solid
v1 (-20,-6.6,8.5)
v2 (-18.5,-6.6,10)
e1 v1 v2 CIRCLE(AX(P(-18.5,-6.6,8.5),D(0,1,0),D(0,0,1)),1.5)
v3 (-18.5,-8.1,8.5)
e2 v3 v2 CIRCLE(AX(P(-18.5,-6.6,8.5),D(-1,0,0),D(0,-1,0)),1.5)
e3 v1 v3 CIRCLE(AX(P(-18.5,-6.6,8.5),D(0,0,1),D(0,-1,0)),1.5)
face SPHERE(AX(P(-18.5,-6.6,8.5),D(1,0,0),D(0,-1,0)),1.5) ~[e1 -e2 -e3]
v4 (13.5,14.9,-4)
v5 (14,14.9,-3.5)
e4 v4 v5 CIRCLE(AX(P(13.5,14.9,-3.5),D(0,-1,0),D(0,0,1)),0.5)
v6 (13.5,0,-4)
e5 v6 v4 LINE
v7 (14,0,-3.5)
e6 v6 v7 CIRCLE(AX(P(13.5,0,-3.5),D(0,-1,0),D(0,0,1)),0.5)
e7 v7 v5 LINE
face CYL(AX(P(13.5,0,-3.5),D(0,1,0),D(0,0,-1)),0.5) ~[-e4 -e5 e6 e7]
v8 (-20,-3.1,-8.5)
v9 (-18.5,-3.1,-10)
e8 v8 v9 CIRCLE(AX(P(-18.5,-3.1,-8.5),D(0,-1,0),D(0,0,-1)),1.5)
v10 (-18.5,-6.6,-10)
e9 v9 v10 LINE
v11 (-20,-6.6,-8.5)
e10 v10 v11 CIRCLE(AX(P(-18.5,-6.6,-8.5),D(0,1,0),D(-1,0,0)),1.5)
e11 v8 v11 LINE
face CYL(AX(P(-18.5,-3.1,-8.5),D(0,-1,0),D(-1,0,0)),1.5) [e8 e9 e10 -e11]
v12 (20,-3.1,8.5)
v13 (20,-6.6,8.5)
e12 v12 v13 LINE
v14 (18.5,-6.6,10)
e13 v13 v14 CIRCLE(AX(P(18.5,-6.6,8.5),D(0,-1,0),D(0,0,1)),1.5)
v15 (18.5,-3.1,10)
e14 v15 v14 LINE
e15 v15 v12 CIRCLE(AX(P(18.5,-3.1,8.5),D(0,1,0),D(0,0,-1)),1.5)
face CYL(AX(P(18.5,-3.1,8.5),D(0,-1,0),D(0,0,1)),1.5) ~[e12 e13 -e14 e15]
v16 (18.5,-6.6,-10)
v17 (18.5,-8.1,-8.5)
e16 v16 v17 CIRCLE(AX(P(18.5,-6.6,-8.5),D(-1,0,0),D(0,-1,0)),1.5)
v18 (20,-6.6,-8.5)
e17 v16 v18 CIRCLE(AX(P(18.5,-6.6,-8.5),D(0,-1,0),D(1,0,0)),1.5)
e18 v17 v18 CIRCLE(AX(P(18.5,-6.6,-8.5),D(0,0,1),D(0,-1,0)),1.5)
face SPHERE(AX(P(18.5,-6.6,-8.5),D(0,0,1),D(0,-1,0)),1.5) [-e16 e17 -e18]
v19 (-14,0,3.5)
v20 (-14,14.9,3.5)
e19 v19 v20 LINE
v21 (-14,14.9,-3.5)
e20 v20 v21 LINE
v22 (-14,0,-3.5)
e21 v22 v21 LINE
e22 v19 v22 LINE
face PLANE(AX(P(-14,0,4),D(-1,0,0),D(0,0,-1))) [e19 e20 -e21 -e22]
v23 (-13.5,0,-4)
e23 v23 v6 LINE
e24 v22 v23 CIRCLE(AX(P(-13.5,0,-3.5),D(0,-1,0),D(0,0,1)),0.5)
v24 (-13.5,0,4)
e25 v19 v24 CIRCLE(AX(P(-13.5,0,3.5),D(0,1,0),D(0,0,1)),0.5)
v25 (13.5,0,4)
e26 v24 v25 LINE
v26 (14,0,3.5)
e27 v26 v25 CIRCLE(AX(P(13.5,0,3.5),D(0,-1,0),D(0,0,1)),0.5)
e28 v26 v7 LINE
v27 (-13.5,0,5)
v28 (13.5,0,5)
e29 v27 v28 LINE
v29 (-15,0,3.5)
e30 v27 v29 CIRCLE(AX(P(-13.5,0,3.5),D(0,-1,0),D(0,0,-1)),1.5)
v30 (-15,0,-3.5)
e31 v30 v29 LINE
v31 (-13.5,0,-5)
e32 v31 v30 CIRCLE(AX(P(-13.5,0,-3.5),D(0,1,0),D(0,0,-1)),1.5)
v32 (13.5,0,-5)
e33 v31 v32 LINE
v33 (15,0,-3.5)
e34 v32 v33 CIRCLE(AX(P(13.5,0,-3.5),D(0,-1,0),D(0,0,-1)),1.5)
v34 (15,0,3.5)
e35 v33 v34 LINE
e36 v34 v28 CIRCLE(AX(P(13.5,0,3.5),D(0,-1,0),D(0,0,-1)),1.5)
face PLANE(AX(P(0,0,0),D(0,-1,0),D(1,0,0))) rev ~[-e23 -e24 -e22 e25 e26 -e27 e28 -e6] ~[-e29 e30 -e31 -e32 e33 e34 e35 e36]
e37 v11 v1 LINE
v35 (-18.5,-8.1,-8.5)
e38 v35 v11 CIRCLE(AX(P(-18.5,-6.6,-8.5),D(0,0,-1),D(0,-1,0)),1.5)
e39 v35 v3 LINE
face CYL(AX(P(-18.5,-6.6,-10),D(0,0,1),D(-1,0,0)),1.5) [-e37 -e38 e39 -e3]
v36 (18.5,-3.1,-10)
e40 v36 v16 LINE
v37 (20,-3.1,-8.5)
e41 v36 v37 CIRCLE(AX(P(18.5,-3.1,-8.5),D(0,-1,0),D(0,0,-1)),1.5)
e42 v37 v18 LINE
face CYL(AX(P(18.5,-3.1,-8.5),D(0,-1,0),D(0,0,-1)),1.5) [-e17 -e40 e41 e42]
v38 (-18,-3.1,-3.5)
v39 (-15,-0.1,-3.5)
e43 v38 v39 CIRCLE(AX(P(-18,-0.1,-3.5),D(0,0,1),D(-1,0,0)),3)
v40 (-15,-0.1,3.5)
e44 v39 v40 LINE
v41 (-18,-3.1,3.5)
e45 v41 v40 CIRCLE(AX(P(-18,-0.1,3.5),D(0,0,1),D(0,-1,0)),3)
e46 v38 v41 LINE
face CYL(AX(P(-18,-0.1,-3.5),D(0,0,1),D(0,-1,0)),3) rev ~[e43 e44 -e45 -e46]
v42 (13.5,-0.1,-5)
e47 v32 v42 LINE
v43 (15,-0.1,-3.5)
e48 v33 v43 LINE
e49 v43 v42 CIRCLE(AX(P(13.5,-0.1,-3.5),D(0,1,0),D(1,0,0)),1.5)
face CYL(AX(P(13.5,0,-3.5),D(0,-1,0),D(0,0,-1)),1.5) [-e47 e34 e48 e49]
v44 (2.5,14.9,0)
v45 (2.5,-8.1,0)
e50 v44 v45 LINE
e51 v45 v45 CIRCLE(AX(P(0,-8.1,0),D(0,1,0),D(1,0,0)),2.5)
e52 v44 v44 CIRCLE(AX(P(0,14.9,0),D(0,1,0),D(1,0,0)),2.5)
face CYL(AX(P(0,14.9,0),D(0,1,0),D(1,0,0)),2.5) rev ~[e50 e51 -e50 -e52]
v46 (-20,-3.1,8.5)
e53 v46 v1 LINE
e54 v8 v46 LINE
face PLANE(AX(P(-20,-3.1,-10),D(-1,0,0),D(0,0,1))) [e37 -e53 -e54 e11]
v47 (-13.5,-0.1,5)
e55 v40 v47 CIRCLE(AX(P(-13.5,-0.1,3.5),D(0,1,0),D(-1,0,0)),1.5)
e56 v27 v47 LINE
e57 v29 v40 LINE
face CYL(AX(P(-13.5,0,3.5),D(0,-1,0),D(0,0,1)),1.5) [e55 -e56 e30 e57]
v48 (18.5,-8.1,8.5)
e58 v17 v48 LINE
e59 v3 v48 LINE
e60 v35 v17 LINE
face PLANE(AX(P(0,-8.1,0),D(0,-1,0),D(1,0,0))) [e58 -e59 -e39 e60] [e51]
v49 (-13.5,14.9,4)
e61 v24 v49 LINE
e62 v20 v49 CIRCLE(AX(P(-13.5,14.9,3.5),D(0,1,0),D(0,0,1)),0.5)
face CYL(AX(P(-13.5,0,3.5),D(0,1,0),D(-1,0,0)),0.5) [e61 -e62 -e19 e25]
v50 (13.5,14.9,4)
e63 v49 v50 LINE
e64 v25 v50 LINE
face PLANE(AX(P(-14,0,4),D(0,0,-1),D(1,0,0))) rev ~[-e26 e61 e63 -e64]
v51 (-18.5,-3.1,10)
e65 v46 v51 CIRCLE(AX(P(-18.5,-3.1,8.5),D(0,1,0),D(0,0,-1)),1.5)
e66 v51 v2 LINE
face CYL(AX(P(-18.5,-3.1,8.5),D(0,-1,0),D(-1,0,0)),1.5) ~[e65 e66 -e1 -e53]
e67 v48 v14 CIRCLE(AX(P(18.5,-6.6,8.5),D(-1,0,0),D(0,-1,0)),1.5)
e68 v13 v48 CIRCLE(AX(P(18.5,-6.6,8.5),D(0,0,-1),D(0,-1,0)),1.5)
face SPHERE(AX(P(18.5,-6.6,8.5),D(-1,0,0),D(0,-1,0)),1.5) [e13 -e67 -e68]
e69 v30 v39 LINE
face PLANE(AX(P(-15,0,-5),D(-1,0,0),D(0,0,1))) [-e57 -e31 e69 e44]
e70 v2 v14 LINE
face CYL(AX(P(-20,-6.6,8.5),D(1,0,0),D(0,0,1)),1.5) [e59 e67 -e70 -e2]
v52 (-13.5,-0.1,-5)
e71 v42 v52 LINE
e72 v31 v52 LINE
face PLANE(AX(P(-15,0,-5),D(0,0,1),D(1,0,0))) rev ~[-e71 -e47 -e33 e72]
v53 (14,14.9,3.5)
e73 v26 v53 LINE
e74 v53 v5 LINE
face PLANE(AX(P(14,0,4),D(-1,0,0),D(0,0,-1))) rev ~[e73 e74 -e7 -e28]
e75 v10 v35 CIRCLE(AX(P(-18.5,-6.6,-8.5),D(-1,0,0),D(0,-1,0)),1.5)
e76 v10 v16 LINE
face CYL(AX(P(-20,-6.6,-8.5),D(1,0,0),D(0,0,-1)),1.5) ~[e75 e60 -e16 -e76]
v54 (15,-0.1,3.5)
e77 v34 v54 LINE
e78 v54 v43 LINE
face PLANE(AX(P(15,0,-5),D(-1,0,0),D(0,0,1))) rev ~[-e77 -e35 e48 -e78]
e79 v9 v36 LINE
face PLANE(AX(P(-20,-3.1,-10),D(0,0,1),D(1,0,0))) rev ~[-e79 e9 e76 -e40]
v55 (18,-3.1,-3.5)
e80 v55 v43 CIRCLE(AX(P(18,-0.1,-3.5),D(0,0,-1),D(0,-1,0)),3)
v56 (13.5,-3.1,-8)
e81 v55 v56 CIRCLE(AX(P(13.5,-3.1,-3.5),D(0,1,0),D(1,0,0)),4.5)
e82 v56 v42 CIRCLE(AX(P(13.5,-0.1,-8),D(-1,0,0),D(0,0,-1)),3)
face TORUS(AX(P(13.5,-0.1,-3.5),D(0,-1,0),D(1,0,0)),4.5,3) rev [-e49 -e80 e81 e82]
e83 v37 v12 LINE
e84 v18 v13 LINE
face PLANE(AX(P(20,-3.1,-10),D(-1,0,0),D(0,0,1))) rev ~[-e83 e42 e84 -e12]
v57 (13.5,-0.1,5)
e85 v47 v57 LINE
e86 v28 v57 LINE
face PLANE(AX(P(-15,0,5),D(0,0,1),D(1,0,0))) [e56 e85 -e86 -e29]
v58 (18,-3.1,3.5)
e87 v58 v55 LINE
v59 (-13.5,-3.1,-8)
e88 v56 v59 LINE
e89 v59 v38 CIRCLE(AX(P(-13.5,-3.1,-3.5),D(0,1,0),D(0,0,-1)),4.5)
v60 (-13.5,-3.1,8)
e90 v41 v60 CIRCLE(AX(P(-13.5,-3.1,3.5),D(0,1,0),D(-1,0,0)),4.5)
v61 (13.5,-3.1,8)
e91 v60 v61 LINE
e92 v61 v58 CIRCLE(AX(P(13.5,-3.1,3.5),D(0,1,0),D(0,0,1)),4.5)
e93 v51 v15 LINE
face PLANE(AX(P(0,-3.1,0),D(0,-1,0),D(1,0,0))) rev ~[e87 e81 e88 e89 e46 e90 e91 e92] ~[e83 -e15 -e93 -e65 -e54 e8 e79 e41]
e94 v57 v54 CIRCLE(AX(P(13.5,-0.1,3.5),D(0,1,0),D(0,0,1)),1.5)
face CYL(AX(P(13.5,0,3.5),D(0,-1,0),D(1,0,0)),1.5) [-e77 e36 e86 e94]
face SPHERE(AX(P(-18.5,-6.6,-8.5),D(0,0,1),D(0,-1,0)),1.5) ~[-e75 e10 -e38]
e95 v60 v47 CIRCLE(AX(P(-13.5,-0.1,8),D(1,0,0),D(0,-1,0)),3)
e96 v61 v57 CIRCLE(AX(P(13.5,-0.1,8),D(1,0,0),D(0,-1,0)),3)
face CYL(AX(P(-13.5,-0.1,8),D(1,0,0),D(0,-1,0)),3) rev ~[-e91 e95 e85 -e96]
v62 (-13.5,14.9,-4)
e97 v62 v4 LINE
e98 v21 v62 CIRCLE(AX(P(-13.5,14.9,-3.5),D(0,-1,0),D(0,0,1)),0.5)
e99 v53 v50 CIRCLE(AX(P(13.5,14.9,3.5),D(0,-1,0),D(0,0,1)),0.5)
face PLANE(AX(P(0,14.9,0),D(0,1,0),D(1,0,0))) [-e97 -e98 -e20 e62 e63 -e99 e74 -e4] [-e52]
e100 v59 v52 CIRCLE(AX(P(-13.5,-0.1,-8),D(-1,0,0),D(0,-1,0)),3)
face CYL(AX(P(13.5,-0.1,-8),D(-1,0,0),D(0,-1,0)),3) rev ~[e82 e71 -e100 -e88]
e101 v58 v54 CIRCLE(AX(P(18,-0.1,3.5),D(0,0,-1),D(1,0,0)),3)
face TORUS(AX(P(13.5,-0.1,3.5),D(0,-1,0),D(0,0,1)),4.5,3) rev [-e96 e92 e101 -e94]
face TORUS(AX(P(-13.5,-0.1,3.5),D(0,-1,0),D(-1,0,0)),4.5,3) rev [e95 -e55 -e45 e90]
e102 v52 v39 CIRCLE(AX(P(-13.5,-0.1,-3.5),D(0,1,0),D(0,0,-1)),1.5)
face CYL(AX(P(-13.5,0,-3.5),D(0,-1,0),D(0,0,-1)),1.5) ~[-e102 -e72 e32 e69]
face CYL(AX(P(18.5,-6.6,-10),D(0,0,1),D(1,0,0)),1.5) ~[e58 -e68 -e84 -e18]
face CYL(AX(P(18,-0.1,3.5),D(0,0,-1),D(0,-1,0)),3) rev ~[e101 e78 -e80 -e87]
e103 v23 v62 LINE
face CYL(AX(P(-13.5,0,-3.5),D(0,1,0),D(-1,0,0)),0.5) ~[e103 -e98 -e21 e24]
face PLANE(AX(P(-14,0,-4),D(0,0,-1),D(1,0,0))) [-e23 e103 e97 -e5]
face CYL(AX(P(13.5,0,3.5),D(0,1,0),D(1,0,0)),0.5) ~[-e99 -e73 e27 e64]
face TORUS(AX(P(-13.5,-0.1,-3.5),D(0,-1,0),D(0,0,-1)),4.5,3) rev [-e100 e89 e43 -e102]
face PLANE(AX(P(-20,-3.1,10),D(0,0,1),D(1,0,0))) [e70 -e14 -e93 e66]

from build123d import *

# Parameters (mm, degrees)
SKETCH_W     = 30
SKETCH_H     = 10
PAD_DEPTH    = 3.1
SKETCH001_W  = 40
SKETCH001_H  = 20
PAD001_DEPTH = 5
FILLET_R     = 1.5
FILLET001_R  = 3
FILLET002_R  = 1.5
SKETCH002_W  = 28
SKETCH002_H  = 8
PAD002_DEPTH = 14.9
FILLET003_R  = 0.5
SKETCH003_R  = 2.5
POCKET_DEPTH = 25


with BuildPart() as part:
    # Sketch → Pad (new body)
    with BuildSketch(Plane.XZ):
        Rectangle(SKETCH_W, SKETCH_H)
    extrude(amount=PAD_DEPTH)

    # Sketch001 (on Face6 of Pad) → Pad001 (join)
    with BuildSketch(Plane.XZ.offset(3.1)):
        Rectangle(SKETCH001_W, SKETCH001_H)
    extrude(amount=PAD001_DEPTH)

    # Fillet
    fillet_edges = [part.edges().sort_by_distance(p)[0] for p in [
        (15, -1.55, 5),
        (15, -1.55, -5),
        (-15, -1.55, 5),
        (-15, -1.55, -5),
    ]]
    fillet(fillet_edges, radius=FILLET_R)

    # Fillet001
    fillet001_edges = [part.edges().sort_by_distance(p)[0] for p in [
        (0, -3.1, 5),
    ]]
    fillet(fillet001_edges, radius=FILLET001_R)

    # Fillet002
    fillet002_edges = [part.edges().sort_by_distance(p)[0] for p in [
        (0, -8.1, 10),
        (-20, -8.1, 0),
        (20, -8.1, 0),
        (0, -8.1, -10),
        (20, -5.6, 10),
        (-20, -5.6, 10),
        (20, -5.6, -10),
        (-20, -5.6, -10),
    ]]
    fillet(fillet002_edges, radius=FILLET002_R)

    # Sketch002 (on Face4 of Fillet001) → Pad002 (join)
    with BuildSketch(Plane(origin=(0, 0, 0), x_dir=(1, 0, 0), z_dir=(0, 1, 0))):
        Rectangle(SKETCH002_W, SKETCH002_H)
    extrude(amount=PAD002_DEPTH)

    # Fillet003
    fillet003_edges = [part.edges().sort_by_distance(p)[0] for p in [
        (14, 7.45, 4),
        (-14, 7.45, 4),
        (-14, 7.45, -4),
        (14, 7.45, -4),
    ]]
    fillet(fillet003_edges, radius=FILLET003_R)

    # Sketch003 (on Face18 of Fillet003) → Pocket (cut)
    with BuildSketch(Plane(origin=(0, 14.9, 0), x_dir=(1, 0, 0), z_dir=(0, 1, 0))):
        Circle(SKETCH003_R)
    extrude(amount=-POCKET_DEPTH, mode=Mode.SUBTRACT)


solid = part.part
